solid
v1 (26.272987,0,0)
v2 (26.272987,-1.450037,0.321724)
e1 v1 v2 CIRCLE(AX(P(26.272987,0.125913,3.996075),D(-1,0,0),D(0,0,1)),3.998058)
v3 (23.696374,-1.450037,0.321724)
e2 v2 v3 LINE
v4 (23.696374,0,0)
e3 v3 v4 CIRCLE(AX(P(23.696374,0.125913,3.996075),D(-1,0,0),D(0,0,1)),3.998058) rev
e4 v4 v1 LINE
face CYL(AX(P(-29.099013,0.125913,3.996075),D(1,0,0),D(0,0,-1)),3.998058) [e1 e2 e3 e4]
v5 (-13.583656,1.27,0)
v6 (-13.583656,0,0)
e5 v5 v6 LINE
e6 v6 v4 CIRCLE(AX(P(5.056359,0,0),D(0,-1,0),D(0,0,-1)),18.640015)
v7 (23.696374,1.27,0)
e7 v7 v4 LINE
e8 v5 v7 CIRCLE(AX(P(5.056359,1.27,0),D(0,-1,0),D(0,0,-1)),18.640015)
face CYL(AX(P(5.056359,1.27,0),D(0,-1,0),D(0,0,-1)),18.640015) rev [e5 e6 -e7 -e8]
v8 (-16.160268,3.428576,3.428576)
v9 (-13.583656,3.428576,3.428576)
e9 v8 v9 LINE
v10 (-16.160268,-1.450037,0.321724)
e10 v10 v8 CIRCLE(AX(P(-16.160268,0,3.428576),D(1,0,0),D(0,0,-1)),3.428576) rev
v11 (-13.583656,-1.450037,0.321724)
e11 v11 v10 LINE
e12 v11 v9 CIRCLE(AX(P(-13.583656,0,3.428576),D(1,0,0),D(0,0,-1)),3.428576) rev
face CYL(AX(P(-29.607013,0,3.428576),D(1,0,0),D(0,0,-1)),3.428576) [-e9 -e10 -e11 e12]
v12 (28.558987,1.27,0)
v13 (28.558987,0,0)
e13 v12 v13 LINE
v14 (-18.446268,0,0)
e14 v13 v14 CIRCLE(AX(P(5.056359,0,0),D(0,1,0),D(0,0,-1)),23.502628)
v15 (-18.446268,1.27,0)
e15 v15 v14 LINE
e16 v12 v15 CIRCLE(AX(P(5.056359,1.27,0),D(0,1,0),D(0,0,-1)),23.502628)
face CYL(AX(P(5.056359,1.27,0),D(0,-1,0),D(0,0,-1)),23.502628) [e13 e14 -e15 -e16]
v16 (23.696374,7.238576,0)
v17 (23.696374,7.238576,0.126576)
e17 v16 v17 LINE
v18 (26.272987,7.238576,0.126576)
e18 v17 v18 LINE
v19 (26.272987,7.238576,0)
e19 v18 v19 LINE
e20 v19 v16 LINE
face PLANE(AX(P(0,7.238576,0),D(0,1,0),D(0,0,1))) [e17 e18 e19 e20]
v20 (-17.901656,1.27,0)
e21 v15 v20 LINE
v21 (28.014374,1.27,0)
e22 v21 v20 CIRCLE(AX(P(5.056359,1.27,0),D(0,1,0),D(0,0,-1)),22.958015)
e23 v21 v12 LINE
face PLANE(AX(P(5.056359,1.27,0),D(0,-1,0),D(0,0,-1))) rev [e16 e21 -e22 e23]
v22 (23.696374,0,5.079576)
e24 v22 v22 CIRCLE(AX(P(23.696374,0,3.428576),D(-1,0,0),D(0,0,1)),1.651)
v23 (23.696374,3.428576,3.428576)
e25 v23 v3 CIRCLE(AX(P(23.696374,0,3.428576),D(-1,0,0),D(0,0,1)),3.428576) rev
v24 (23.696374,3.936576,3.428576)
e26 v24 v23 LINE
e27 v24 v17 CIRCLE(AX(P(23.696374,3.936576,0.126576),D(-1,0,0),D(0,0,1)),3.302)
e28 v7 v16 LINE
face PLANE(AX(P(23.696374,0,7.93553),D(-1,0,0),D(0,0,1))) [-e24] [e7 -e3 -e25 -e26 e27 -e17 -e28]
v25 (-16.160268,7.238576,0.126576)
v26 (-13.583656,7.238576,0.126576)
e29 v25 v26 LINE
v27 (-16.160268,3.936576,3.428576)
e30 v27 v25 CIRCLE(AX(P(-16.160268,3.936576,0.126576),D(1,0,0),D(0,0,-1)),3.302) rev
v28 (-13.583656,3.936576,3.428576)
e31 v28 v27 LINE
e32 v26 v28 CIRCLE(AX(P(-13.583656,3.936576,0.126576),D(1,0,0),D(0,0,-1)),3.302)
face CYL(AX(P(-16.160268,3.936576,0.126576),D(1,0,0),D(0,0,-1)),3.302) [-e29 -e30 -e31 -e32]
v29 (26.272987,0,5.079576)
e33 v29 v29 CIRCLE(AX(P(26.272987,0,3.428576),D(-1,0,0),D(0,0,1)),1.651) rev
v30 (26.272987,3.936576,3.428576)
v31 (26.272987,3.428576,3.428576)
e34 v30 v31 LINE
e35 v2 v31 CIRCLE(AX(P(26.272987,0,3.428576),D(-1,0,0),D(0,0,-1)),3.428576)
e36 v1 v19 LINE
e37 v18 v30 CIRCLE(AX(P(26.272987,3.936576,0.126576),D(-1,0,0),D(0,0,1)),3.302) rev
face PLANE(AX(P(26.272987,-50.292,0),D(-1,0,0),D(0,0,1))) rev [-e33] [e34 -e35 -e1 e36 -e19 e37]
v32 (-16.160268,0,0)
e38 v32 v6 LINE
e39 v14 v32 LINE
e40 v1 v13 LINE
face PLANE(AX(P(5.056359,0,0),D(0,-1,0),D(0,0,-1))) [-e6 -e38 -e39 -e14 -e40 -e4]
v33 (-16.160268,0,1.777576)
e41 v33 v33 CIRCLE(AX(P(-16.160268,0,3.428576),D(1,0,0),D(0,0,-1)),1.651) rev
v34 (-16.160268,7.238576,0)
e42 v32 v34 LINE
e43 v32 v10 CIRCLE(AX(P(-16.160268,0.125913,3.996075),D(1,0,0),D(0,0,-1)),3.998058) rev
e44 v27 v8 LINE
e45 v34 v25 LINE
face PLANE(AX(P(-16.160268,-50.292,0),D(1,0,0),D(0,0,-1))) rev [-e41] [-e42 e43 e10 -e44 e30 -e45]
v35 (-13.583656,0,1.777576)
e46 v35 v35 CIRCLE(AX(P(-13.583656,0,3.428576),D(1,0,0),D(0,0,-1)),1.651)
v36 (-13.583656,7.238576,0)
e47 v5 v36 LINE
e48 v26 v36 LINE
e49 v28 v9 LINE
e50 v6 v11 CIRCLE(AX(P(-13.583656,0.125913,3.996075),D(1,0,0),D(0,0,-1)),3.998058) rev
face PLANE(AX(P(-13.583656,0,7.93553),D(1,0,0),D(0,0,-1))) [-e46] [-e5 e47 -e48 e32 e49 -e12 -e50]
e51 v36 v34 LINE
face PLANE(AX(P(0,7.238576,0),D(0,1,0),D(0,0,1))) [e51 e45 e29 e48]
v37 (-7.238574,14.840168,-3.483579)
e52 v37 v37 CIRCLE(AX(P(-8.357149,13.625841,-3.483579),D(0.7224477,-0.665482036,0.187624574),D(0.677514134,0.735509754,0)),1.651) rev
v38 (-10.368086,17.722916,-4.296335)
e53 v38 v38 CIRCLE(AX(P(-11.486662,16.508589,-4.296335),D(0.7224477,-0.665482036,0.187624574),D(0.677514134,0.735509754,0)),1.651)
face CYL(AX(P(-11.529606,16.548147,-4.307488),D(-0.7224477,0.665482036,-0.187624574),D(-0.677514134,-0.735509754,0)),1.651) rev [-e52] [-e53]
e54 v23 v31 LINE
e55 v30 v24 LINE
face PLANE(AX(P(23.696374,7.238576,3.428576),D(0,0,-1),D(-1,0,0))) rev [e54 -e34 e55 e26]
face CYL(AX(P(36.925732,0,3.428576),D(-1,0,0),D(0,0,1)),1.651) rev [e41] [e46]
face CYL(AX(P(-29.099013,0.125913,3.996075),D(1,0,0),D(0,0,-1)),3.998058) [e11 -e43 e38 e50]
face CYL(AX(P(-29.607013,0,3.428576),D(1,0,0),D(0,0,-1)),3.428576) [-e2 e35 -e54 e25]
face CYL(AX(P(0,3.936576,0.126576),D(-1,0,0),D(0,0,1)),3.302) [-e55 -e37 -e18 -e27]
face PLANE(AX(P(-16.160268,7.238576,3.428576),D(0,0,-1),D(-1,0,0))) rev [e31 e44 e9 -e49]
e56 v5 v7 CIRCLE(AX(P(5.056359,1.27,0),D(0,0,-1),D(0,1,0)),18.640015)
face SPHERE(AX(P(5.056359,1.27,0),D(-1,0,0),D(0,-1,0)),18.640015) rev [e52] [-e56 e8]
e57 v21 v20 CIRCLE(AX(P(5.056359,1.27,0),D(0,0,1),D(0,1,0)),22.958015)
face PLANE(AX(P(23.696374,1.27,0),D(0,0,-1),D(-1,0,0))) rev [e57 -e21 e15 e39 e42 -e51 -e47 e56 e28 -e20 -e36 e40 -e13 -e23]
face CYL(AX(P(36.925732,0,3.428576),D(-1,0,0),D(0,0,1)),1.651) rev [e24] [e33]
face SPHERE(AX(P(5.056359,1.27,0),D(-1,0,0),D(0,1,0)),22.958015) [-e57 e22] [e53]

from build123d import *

# Parameters (mm, degrees)
BOSS_EXTRUDE1_DEPTH              = 1.27
REVOLVE3_ANGLE                   = 90
SKETCH6_W                        = 4.862612613
SKETCH6_H                        = 1.27
BOSS_EXTRUDE3_DEPTH              = 7.935530078
BOSS_EXTRUDE4_DEPTH              = 3.81
BOSS_EXTRUDE4_DEPTH_BACK         = 6.35
SKETCH10_W                       = 4.862612613
SKETCH10_H                       = 7.935530078
FILLET7_R                        = 5.08
FILLET10_R                       = 5.08
SKETCH13_R                       = 1.651
CUT_EXTRUDE2_DEPTH               = 55.372
SKETCH14_W                       = 2.286
SKETCH14_H                       = 11.368095807
CUT_EXTRUDE3_DEPTH               = 55.372
FILLET15_RADIUS                  = 3.967765039
FILLET15_LENGTH                  = 2.576612613
FILLET16_RADIUS                  = 3.967765039
FILLET16_LENGTH                  = 2.576612613
CUT_EXTRUDE4_DEPTH               = 55.372
CUT_EXTRUDE7_DEPTH               = 55.88
SKETCH19_W                       = 2.576612613
SKETCH19_H                       = 3.428576371
BOSS_EXTRUDE5_DEPTH              = 3.81
FILLET17_R                       = 3.302
FILLET18_R                       = 3.302
F_96_0_0063_DIAMETER_HOLE2_D     = 3.302
F_96_0_0063_DIAMETER_HOLE2_DEPTH = 25.4
F_96_0_0063_DIAMETER_HOLE2_TIP   = 0.992020882


with BuildPart() as part:
    # Sketch1 → Boss-Extrude1 (new body)
    with BuildSketch(Plane(origin=(0, 0, 0), x_dir=(1, 0, 0), z_dir=(0, 1, 0))):
        with BuildLine():
            Line((-18.44626818, 0), (-13.583655567, 0))
            ThreePointArc((-13.583655567, 0), (5.056359448, 18.640015015), (23.696374463, 0))
            Line((23.696374463, 0), (28.558987076, 0))
            ThreePointArc((28.558987076, 0), (5.056359448, 23.502627628), (-18.44626818, 0))
        make_face()
    extrude(amount=BOSS_EXTRUDE1_DEPTH)

    # Sketch4 → Revolve3 (revolve)
    with BuildSketch(Plane(origin=(0, 1.27, 0), x_dir=(1, 0, 0), z_dir=(0, 1, 0))):
        with BuildLine():
            Line((23.696374463, 0), (28.014374463, 0))
            ThreePointArc((28.014374463, 0), (5.056359448, 22.958015015), (-17.901655567, 0))
            Line((-17.901655567, 0), (-13.583655567, 0))
            ThreePointArc((-13.583655567, 0), (5.056359448, 18.640015015), (23.696374463, 0))
        make_face()
    revolve(axis=Axis((-17.901655567, 1.27, 0), (1, 0, 0)), revolution_arc=REVOLVE3_ANGLE)

    # Sketch6 → Boss-Extrude3 (add)
    with BuildSketch(Plane.XY):
        with Locations((-16.014961873, 0.635)):
            Rectangle(SKETCH6_W, SKETCH6_H)
        with Locations((26.12768077, 0.635)):
            Rectangle(SKETCH6_W, SKETCH6_H)
    extrude(amount=BOSS_EXTRUDE3_DEPTH)

    # Sketch10 → Boss-Extrude4 (add, two sides: drawn at the far end of the back side and taken through both)
    with BuildSketch(Plane(origin=(0, 1.27, 0), x_dir=(1, 0, 0), z_dir=(0, 1, 0)).offset(-BOSS_EXTRUDE4_DEPTH_BACK)):
        with Locations((-16.014961873, -3.967765039)):
            Rectangle(SKETCH10_W, SKETCH10_H)
        with Locations((26.12768077, -3.967765039)):
            Rectangle(SKETCH10_W, SKETCH10_H)
    extrude(amount=BOSS_EXTRUDE4_DEPTH + BOSS_EXTRUDE4_DEPTH_BACK)

    # Fillet7
    fillet7_edges = [part.edges().sort_by_distance(p)[0] for p in [
        (-16.014961873, 5.08, 7.935530078),
    ]]
    fillet(fillet7_edges, radius=FILLET7_R)

    # Fillet10
    fillet10_edges = [part.edges().sort_by_distance(p)[0] for p in [
        (26.127680769, 5.08, 7.935530078),
    ]]
    fillet(fillet10_edges, radius=FILLET10_R)

    # Sketch13 → Cut-Extrude2 (cut)
    with BuildSketch(Plane.ZY.offset(18.44626818)):
        with Locations((3.428576371, 0)):
            Circle(SKETCH13_R)
    extrude(amount=-CUT_EXTRUDE2_DEPTH, mode=Mode.SUBTRACT)

    # Sketch14 → Cut-Extrude3 (cut)
    with BuildSketch(Plane(origin=(0, 5.08, 0), x_dir=(1, 0, 0), z_dir=(0, 1, 0))):
        with Locations((27.415987076, -5.684047904)):
            Rectangle(SKETCH14_W, SKETCH14_H)
        with Locations((-17.30326818, -5.684047904)):
            Rectangle(SKETCH14_W, SKETCH14_H)
    extrude(amount=-CUT_EXTRUDE3_DEPTH, mode=Mode.SUBTRACT)

    # Fillet15: full round fillet: the end face becomes a half cylinder, R = half its width
    fillet15_face = Plane((24.984680769, -5.08, 3.967765039), x_dir=(1, 0, 0), z_dir=(0, -1, 0))  # on the end face: x along it, z out of the body
    fillet15_slab = fillet15_face.offset(-FILLET15_RADIUS / 2) * Box(FILLET15_LENGTH, 2 * FILLET15_RADIUS, FILLET15_RADIUS, mode=Mode.PRIVATE)  # the body's end, R deep
    fillet15_round = Plane((24.984680769, -1.112234961, 3.967765039), x_dir=(0, -1, 0), z_dir=(1, 0, 0)) * Cylinder(FILLET15_RADIUS, FILLET15_LENGTH, mode=Mode.PRIVATE)  # its axis R under the face
    add(fillet15_slab - fillet15_round, mode=Mode.SUBTRACT)

    # Fillet16: full round fillet: the end face becomes a half cylinder, R = half its width
    fillet16_face = Plane((-14.871961873, -5.08, 3.967765039), x_dir=(-1, 0, 0), z_dir=(0, -1, 0))  # on the end face: x along it, z out of the body
    fillet16_slab = fillet16_face.offset(-FILLET16_RADIUS / 2) * Box(FILLET16_LENGTH, 2 * FILLET16_RADIUS, FILLET16_RADIUS, mode=Mode.PRIVATE)  # the body's end, R deep
    fillet16_round = Plane((-14.871961873, -1.112234961, 3.967765039), x_dir=(0, -1, 0), z_dir=(-1, 0, 0)) * Cylinder(FILLET16_RADIUS, FILLET16_LENGTH, mode=Mode.PRIVATE)  # its axis R under the face
    add(fillet16_slab - fillet16_round, mode=Mode.SUBTRACT)

    # Sketch16 → Cut-Extrude4 (cut)
    with BuildSketch(Plane(origin=(26.272987076, 0, 0), x_dir=(0, 0, -1), z_dir=(1, 0, 0))):
        with BuildLine():
            ThreePointArc((0, 0), (-3.716578938, -3.862364093), (-7.935530078, -0.55611748))
            ThreePointArc((-7.935530078, -0.55611748), (-3.630565744, -5.089731167), (0, 0))
        make_face()
    extrude(amount=-CUT_EXTRUDE4_DEPTH, mode=Mode.SUBTRACT)

    # Sketch18 → Cut-Extrude7 (cut)
    with BuildSketch(Plane(origin=(26.272987076, 0, 0), x_dir=(0, 0, -1), z_dir=(1, 0, 0))):
        with BuildLine():
            Line((-3.428576371, 3.428576371), (0, 3.428576371))
            Line((0, 3.428576371), (0, 5.467356317))
            Line((0, 5.467356317), (-9.031573881, 5.467356317))
            Line((-9.031573881, 5.467356317), (-9.031573881, -4.486785293))
            Line((-9.031573881, -4.486785293), (0, -4.486785293))
            Line((0, -4.486785293), (0, 0))
            ThreePointArc((0, 0), (-5.852945973, -2.424369602), (-3.428576371, 3.428576371))
        make_face()
    extrude(amount=-CUT_EXTRUDE7_DEPTH, mode=Mode.SUBTRACT)

    # Sketch19 → Boss-Extrude5 (add)
    with BuildSketch(Plane(origin=(0, 3.428576371, 0), x_dir=(1, 0, 0), z_dir=(0, 1, 0))):
        with Locations((24.98468077, -1.714288186)):
            Rectangle(SKETCH19_W, SKETCH19_H)
        with Locations((-14.871961874, -1.714288186)):
            Rectangle(SKETCH19_W, SKETCH19_H)
    extrude(amount=BOSS_EXTRUDE5_DEPTH)

    # Fillet17
    fillet17_edges = [part.edges().sort_by_distance(p)[0] for p in [
        (24.984680769, 7.238576371, 3.428576371),
    ]]
    fillet(fillet17_edges, radius=FILLET17_R)

    # Fillet18
    fillet18_edges = [part.edges().sort_by_distance(p)[0] for p in [
        (-14.871961873, 7.238576371, 3.428576371),
    ]]
    fillet(fillet18_edges, radius=FILLET18_R)

    # #96 (0.0063) Diameter Hole2
    with Locations(Plane(origin=(-11.529605698, 16.548146571, -4.307487778), x_dir=(-0.677514134429, -0.735509753605, 0), z_dir=(-0.722447700093, 0.665482035826, -0.187624573613))):
        with Locations((0, 0)):
            Hole(F_96_0_0063_DIAMETER_HOLE2_D / 2, depth=F_96_0_0063_DIAMETER_HOLE2_DEPTH)
            with Locations((0, 0, -(F_96_0_0063_DIAMETER_HOLE2_DEPTH + F_96_0_0063_DIAMETER_HOLE2_TIP / 2))):  # 118° drill point
                Cone(0, F_96_0_0063_DIAMETER_HOLE2_D / 2, F_96_0_0063_DIAMETER_HOLE2_TIP, mode=Mode.SUBTRACT)


solid = part.part
